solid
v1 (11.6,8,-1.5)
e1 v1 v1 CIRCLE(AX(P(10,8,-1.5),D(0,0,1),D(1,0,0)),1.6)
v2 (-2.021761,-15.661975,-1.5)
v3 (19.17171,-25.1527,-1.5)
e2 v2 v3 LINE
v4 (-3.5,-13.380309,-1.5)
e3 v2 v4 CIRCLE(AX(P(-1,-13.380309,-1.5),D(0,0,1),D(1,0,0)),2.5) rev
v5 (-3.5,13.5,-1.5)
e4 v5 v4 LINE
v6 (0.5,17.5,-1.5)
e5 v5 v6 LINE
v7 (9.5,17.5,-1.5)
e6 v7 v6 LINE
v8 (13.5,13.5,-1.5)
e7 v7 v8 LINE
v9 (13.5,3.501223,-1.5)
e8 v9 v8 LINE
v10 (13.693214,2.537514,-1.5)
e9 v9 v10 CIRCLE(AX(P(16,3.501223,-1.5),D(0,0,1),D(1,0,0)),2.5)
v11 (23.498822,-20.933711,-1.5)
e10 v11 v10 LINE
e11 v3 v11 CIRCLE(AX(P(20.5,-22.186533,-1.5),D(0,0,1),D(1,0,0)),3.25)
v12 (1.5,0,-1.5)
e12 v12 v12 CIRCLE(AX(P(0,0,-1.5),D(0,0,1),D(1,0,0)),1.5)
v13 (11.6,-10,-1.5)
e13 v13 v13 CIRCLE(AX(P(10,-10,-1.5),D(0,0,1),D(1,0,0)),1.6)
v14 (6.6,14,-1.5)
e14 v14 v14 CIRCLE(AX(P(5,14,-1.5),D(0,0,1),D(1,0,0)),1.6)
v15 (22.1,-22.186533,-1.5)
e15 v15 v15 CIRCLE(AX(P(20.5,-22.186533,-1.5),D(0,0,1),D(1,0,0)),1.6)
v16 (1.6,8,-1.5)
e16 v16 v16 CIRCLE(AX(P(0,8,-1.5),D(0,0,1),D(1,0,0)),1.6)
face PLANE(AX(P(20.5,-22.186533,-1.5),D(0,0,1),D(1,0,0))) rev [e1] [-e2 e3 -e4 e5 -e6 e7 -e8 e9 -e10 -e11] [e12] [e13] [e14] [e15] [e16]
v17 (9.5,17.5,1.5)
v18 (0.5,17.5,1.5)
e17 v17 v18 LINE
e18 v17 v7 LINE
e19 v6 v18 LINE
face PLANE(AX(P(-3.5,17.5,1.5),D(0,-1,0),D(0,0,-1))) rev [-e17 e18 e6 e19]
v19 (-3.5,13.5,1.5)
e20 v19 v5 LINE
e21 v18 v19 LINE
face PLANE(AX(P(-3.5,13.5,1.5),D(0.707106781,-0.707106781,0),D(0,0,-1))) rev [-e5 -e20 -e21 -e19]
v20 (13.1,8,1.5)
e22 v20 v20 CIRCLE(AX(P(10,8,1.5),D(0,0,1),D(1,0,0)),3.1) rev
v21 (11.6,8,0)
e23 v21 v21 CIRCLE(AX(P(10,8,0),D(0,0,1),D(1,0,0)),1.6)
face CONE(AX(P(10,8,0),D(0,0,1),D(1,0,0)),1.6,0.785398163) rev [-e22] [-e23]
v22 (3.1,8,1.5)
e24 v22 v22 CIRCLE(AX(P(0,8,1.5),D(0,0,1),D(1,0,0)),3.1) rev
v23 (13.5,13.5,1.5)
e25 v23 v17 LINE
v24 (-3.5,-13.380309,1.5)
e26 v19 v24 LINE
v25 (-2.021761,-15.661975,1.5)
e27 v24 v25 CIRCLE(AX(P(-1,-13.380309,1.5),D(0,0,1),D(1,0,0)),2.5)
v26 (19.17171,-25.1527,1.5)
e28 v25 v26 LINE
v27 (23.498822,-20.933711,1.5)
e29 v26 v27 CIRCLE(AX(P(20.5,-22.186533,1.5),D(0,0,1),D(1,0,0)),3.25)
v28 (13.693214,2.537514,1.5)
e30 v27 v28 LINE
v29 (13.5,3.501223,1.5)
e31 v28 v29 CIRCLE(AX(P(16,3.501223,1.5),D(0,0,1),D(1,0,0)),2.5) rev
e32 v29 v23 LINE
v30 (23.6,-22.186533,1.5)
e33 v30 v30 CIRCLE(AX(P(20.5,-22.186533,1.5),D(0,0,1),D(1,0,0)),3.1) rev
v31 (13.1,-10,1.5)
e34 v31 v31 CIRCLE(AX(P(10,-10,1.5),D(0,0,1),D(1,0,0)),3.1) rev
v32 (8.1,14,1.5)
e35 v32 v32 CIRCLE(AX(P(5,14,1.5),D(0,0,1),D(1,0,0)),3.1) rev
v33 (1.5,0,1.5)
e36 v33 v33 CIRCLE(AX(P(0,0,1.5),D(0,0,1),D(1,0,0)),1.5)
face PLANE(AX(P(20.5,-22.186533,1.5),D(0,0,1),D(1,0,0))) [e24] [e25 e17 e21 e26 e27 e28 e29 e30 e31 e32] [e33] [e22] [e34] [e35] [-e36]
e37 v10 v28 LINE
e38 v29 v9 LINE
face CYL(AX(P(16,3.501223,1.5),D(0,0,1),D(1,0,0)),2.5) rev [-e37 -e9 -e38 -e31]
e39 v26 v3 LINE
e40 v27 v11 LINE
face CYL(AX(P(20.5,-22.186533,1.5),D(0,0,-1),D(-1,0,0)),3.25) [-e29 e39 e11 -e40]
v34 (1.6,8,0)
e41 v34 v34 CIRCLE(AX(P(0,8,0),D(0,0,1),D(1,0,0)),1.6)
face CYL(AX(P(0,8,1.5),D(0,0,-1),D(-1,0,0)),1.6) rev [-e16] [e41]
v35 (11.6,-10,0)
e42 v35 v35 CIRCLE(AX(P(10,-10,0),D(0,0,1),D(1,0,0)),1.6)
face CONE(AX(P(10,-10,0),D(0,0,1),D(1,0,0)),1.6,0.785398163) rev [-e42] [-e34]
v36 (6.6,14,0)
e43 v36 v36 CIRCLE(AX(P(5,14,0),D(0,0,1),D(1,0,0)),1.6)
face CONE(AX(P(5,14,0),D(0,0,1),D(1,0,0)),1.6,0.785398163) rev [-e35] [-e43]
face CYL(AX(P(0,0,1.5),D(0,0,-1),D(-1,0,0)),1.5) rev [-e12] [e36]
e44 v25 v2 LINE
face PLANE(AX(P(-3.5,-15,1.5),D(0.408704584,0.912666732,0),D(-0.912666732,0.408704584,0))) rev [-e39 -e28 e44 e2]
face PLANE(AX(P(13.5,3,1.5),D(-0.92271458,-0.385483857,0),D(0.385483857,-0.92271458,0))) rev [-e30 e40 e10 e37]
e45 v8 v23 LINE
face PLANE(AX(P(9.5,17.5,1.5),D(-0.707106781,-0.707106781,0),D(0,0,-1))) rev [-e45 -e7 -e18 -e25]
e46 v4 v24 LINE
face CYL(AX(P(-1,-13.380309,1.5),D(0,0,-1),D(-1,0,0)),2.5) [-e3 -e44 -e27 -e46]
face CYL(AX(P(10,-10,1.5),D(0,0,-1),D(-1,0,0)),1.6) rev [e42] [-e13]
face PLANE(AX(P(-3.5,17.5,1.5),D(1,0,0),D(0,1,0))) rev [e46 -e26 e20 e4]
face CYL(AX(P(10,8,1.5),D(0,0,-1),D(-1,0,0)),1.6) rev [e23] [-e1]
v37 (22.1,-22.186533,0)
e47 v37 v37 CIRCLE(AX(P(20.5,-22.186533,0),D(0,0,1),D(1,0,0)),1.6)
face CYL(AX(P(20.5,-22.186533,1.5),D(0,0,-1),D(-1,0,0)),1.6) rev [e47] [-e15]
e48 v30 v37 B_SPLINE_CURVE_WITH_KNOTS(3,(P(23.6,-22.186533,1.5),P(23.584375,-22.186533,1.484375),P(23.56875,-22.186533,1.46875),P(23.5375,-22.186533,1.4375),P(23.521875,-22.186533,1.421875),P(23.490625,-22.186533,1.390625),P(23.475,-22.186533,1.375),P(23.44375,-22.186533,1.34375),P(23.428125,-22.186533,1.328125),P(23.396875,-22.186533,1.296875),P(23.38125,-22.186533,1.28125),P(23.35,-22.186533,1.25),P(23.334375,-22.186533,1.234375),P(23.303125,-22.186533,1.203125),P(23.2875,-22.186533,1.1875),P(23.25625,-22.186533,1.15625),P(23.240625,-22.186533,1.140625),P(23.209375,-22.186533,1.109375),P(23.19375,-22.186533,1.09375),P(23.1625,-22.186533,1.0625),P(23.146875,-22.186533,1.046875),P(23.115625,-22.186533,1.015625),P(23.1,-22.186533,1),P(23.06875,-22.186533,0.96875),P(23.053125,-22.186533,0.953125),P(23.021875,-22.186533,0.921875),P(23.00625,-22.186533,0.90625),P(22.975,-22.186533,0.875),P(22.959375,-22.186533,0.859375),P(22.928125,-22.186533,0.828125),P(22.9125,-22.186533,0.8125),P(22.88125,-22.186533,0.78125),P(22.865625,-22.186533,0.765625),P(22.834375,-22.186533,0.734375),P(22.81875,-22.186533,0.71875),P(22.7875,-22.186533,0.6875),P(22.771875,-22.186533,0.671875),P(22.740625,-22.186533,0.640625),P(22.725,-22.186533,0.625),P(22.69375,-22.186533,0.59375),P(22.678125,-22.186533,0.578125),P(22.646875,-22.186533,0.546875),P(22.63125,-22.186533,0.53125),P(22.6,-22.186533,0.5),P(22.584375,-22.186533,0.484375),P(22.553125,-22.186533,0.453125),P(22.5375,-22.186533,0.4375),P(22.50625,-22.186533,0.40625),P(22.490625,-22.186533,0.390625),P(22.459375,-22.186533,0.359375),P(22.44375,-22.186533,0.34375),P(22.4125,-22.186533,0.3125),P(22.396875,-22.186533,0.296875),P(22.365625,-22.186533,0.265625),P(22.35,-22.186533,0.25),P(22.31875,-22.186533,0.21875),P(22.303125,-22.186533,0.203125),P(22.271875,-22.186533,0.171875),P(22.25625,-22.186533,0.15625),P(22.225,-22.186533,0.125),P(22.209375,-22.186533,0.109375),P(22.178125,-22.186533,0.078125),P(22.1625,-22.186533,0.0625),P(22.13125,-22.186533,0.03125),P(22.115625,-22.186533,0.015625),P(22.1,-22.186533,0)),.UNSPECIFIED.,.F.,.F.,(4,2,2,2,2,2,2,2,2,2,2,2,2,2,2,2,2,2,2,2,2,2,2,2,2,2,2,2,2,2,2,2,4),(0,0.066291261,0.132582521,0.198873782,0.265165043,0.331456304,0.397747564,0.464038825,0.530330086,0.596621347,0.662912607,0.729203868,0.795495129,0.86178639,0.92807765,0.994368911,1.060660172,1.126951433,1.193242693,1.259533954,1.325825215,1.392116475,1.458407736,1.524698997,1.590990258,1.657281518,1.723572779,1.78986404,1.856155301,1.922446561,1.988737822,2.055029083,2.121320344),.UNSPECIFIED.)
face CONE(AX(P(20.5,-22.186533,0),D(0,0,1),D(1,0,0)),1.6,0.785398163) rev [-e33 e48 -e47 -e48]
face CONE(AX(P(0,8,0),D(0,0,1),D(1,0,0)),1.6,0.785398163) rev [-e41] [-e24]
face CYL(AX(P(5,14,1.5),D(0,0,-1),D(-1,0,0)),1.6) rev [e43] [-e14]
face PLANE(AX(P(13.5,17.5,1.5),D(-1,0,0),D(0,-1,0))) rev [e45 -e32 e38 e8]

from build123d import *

# Parameters (mm, degrees)
SKETCH_1_R      = 1.5
SKETCH_1_R_2    = 1.6
EXTRUDE_1_DEPTH = 1.5
CHAMFER_1_SIZE  = 1.5
FILLET_1_R      = 2.5
CHAMFER_2_SIZE  = 4


with BuildPart() as part:
    # 草图1 → 凸台-拉伸1 (new, symmetric)
    with BuildSketch(Plane.XY):
        with BuildLine():
            Line((-3.5, 17.5), (-3.5, -15))
            Line((-3.5, -15), (19.171710101, -25.152700357))
            ThreePointArc((19.171710101, -25.152700357), (22.768840587, -24.513519167), (23.498822385, -20.933710945))
            Line((23.498822385, -20.933710945), (13.5, 3))
            Line((13.5, 3), (13.5, 17.5))
            Line((13.5, 17.5), (-3.5, 17.5))
        make_face()
        Circle(SKETCH_1_R, mode=Mode.SUBTRACT)
        with Locations((10, -10)):
            Circle(SKETCH_1_R_2, mode=Mode.SUBTRACT)
        with Locations((20.5, -22.186533479)):
            Circle(SKETCH_1_R_2, mode=Mode.SUBTRACT)
        with Locations((0, 8)):
            Circle(SKETCH_1_R_2, mode=Mode.SUBTRACT)
        with Locations((10, 8)):
            Circle(SKETCH_1_R_2, mode=Mode.SUBTRACT)
        with Locations((5, 14)):
            Circle(SKETCH_1_R_2, mode=Mode.SUBTRACT)
    extrude(amount=EXTRUDE_1_DEPTH, both=True)

    # 倒角1
    chamfer_1_edges = [part.edges().sort_by_distance(p)[0] for p in [
        (8.4, -10, 1.5),
        (18.9, -22.186533479, 1.5),
        (-1.6, 8, 1.5),
        (8.4, 8, 1.5),
        (3.4, 14, 1.5),
    ]]
    chamfer(chamfer_1_edges, length=CHAMFER_1_SIZE)

    # 圆角1
    fillet_1_edges = [part.edges().sort_by_distance(p)[0] for p in [
        (13.5, 3, 0),
        (-3.5, -15, 0),
    ]]
    fillet(fillet_1_edges, radius=FILLET_1_R)

    # 倒角2
    chamfer_2_edges = [part.edges().sort_by_distance(p)[0] for p in [
        (13.5, 17.5, 0),
        (-3.5, 17.5, 0),
    ]]
    chamfer(chamfer_2_edges, length=CHAMFER_2_SIZE)


solid = part.part
